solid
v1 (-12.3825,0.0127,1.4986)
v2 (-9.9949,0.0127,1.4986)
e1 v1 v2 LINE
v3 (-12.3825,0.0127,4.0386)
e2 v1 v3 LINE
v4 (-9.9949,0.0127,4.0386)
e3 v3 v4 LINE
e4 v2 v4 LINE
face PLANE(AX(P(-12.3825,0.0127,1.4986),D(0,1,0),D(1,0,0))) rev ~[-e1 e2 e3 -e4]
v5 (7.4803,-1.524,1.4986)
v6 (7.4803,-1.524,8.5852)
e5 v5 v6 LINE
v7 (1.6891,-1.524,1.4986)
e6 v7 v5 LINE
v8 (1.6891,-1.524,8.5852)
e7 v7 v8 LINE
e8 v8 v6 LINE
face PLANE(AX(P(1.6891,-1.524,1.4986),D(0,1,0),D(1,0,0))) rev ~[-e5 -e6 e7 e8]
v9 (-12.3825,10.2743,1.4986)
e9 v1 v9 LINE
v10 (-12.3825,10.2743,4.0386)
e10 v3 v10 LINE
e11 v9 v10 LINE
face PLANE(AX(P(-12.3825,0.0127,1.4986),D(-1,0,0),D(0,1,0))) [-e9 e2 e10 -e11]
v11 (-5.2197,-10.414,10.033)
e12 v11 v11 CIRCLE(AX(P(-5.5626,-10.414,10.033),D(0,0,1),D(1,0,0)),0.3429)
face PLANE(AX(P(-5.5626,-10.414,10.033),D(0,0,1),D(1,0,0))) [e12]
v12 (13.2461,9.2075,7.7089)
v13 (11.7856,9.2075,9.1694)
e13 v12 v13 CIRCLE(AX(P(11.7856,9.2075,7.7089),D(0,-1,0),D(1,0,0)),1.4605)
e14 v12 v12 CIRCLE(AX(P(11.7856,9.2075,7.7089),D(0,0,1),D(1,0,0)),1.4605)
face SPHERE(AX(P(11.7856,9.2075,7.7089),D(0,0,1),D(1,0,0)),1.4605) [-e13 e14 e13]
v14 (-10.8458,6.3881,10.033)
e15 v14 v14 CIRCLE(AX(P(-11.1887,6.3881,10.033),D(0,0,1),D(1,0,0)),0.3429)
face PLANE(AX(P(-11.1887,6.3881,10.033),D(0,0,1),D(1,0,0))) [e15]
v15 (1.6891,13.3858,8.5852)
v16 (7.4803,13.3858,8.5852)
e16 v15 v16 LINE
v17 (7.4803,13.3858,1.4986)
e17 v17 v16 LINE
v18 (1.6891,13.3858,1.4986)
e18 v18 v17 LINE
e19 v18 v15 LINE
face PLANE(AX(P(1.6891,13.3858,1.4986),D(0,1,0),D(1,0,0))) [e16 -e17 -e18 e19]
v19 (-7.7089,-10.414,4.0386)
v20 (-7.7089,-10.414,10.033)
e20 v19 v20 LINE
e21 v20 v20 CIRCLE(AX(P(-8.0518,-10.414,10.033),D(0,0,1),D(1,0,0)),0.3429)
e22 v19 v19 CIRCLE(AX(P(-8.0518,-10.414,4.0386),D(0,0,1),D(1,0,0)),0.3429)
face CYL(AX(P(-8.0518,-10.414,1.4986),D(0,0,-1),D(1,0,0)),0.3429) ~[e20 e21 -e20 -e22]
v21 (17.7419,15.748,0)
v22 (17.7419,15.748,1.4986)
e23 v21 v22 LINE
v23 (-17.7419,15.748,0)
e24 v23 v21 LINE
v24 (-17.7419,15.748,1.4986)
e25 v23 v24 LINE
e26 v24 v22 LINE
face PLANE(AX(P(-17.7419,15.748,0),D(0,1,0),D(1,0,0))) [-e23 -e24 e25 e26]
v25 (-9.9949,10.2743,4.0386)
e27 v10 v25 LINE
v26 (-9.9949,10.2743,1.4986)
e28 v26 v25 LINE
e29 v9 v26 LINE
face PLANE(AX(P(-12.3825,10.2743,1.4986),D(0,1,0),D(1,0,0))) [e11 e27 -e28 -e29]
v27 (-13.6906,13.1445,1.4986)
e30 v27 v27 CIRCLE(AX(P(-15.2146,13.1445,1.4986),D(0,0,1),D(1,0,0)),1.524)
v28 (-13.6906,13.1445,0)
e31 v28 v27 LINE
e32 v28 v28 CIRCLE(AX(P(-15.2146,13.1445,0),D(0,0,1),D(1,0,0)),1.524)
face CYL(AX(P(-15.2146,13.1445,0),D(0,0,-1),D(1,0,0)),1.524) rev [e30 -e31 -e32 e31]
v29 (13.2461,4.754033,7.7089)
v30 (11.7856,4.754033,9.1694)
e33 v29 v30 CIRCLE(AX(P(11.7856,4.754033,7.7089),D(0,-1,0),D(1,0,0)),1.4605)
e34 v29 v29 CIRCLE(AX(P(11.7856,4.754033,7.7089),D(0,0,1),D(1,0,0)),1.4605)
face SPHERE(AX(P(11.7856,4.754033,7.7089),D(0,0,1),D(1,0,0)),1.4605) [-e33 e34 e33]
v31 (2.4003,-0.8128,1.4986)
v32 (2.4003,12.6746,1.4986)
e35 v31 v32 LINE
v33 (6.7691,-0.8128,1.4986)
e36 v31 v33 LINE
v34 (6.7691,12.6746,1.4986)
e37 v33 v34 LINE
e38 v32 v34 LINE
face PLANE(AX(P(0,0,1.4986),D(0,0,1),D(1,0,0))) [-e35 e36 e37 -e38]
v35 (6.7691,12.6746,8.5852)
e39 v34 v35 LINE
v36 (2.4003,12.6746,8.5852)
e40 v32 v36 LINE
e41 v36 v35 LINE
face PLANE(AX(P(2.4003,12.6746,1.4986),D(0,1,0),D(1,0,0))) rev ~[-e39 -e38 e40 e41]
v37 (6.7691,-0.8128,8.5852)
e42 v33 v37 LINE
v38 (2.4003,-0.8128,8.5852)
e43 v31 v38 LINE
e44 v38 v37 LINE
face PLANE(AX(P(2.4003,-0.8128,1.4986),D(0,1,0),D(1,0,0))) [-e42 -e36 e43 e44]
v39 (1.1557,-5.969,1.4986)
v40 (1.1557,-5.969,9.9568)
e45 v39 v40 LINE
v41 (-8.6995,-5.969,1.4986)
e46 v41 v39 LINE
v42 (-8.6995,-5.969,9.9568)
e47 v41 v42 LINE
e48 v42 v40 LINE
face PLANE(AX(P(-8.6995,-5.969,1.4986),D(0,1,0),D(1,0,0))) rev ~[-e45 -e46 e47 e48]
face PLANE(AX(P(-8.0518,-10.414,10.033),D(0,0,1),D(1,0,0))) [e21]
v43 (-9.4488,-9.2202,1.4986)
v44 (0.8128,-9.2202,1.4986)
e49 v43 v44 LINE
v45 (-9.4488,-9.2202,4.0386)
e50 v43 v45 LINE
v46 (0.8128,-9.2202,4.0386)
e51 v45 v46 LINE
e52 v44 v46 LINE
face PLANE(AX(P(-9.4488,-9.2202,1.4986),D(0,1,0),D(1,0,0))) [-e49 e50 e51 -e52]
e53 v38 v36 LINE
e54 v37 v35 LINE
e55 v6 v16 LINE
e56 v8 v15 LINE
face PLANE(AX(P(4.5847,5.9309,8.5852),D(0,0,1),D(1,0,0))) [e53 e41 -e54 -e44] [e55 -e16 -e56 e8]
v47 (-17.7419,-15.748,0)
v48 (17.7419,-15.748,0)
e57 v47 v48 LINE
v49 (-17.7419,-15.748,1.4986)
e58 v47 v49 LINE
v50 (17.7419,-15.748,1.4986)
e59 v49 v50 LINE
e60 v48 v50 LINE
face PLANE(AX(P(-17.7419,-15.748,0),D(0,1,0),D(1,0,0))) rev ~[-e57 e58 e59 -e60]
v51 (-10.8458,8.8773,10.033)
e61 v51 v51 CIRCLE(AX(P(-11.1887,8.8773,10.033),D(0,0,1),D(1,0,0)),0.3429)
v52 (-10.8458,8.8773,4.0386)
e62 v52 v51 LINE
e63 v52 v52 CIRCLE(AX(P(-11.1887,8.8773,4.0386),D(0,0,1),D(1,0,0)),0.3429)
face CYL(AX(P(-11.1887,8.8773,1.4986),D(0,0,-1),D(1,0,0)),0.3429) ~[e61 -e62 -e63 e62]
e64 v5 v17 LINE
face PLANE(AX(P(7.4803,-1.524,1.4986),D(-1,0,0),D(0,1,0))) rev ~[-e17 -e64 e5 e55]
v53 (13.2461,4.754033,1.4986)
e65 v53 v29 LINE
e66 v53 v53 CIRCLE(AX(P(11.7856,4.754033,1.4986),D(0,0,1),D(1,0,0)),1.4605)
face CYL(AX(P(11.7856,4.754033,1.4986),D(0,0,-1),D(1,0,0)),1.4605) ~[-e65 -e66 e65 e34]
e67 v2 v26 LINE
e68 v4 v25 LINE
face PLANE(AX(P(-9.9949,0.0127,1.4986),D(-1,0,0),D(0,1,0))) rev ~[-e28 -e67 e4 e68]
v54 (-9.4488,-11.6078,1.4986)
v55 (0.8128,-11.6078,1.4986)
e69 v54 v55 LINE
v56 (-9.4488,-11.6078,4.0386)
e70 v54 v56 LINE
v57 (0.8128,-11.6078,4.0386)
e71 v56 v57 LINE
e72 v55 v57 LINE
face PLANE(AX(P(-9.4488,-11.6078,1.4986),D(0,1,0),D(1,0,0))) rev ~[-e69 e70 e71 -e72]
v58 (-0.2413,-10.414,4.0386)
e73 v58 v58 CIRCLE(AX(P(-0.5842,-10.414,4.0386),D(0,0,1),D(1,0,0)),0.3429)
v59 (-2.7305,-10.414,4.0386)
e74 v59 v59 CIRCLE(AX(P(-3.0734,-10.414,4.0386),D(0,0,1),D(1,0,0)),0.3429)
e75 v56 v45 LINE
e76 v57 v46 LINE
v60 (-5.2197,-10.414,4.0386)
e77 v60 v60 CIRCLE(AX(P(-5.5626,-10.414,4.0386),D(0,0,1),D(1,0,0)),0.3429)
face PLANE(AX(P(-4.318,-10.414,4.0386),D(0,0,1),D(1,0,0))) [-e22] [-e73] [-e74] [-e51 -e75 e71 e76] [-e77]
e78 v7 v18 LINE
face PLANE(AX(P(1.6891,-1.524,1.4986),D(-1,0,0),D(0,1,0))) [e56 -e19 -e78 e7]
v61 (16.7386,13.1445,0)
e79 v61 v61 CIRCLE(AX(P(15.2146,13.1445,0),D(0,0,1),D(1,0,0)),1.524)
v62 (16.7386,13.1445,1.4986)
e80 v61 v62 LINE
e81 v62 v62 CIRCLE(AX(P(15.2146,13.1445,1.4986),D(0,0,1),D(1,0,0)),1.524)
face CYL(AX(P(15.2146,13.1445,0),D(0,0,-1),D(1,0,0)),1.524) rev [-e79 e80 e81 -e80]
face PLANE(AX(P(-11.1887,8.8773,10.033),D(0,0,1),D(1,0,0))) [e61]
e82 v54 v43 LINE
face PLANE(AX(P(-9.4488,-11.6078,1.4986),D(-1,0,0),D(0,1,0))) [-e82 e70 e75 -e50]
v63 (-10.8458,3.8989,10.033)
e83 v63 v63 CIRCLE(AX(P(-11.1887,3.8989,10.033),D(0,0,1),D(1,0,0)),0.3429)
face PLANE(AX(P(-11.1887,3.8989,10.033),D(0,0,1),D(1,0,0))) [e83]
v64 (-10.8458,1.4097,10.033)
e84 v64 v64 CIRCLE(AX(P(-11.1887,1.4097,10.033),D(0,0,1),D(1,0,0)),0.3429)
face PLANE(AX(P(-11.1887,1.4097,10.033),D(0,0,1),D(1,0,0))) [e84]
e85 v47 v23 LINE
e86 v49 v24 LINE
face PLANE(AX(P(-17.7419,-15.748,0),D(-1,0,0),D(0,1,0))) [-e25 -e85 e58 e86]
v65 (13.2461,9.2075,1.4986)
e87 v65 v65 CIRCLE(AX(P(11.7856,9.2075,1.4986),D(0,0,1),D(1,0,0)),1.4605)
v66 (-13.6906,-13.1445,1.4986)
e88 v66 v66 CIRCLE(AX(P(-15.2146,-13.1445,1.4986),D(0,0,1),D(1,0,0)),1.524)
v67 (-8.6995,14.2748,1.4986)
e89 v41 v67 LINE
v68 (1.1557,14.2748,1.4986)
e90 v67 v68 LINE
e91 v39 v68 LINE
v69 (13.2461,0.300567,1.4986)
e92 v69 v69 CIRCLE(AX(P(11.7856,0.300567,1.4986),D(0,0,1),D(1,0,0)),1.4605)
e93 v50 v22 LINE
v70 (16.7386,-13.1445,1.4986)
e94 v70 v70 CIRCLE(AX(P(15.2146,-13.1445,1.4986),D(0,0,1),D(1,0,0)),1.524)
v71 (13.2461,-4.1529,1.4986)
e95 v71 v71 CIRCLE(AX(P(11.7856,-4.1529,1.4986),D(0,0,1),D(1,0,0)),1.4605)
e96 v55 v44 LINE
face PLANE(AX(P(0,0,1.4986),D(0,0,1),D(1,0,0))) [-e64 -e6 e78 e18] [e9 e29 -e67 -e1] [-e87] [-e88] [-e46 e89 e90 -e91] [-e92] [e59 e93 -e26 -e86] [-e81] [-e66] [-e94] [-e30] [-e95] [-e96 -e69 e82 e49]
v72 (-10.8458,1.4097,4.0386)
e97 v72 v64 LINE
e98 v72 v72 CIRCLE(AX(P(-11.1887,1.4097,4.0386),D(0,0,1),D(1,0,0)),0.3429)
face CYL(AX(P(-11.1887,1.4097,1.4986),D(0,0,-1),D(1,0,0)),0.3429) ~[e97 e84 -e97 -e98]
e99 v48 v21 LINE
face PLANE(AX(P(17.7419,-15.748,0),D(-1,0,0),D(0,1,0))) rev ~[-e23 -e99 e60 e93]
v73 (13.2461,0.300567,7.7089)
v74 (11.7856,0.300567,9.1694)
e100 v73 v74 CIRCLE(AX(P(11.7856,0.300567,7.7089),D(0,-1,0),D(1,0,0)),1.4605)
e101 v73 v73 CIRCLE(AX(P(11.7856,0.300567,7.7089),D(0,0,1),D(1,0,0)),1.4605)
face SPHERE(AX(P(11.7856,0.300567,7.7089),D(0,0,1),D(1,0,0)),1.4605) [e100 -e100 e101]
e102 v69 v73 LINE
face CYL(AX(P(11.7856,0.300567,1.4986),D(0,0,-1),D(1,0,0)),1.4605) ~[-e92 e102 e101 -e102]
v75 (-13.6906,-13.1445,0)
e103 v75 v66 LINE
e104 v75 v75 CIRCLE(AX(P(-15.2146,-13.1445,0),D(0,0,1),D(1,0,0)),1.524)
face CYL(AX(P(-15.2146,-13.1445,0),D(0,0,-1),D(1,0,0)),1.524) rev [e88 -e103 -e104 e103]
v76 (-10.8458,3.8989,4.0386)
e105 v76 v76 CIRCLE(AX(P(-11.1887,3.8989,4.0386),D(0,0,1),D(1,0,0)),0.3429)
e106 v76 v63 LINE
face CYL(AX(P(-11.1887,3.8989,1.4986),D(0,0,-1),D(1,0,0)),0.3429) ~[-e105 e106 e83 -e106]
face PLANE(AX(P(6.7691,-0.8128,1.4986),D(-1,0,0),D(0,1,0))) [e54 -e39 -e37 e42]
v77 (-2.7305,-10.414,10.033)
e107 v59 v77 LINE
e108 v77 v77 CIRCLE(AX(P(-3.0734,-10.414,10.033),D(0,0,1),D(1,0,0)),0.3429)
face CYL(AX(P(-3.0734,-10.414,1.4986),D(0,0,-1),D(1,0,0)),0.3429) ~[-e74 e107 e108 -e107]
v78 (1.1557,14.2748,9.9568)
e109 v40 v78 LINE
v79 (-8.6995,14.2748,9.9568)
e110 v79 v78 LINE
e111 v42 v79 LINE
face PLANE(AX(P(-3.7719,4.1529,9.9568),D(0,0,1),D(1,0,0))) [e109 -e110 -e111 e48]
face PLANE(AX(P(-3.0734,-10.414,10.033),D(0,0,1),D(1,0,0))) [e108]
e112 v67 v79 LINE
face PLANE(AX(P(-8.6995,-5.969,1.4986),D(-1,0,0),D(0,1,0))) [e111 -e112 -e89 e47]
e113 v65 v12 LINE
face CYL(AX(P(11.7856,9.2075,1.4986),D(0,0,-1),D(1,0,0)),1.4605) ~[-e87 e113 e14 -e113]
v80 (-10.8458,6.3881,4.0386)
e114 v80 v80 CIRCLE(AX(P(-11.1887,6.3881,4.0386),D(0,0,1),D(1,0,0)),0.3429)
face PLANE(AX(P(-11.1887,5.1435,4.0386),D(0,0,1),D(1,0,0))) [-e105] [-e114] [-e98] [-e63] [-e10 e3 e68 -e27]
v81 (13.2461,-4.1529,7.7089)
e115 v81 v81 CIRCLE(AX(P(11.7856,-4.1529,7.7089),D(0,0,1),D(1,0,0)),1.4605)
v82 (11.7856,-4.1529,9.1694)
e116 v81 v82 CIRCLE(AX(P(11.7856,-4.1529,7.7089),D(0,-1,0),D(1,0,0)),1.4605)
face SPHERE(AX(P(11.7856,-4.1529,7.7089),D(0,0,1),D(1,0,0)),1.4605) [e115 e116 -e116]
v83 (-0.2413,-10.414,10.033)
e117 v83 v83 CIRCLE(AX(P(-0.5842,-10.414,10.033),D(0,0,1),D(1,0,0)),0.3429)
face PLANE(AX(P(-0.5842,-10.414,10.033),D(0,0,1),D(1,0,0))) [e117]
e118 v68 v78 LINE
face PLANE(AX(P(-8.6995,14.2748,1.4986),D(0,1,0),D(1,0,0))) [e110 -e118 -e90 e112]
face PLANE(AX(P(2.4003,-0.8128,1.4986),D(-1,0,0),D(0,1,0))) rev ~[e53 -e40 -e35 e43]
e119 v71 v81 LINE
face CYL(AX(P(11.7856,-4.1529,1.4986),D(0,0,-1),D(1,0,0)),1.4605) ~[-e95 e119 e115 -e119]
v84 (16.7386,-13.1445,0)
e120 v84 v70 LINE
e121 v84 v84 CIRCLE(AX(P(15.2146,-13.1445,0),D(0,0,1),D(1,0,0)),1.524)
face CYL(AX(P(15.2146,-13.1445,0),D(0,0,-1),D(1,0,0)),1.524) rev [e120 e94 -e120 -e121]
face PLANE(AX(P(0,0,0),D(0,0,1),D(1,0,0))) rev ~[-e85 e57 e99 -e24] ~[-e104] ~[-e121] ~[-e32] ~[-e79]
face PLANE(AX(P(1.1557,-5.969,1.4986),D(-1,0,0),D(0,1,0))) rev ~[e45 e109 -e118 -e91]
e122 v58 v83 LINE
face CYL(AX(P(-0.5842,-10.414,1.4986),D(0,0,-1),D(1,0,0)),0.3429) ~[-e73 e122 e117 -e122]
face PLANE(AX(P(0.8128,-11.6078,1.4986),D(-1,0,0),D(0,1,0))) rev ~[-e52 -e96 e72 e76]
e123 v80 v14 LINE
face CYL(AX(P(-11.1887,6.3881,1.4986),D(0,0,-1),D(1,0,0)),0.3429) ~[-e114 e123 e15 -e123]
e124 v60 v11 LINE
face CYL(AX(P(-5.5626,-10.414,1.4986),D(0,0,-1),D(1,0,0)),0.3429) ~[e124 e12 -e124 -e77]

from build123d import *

# Parameters (mm, degrees)
F0_W      = 35.4838
F0_H      = 31.496
F0_R      = 1.524
F1_DEPTH  = 1.4986
F2_W      = 9.8552
F2_H      = 20.2438
F3_DEPTH  = 8.4582
F2_W_2    = 5.7912
F2_H_2    = 14.9098
F2_W_3    = 4.3688
F2_H_3    = 13.4874
F4_DEPTH  = 7.0866
F2_R      = 1.4605
F5_DEPTH  = 7.6708
F6_R      = 1.4605
F2_R_2    = 0.3429
F7_DEPTH  = 8.5344
F8_DEPTH  = 8.5344
F2_W_4    = 2.3876
F2_H_4    = 10.2616
F9_DEPTH  = 2.54
F2_W_5    = 10.2616
F2_H_5    = 2.3876
F10_DEPTH = 2.54


with BuildPart() as f1:
    # F0 (on Top) → F1 (new body)
    with BuildSketch(Plane.XY):
        Rectangle(F0_W, F0_H)
        with Locations((-15.2146, -13.1445)):
            Circle(F0_R, mode=Mode.SUBTRACT)
        with Locations((15.2146, -13.1445)):
            Circle(F0_R, mode=Mode.SUBTRACT)
        with Locations((-15.2146, 13.1445)):
            Circle(F0_R, mode=Mode.SUBTRACT)
        with Locations((15.2146, 13.1445)):
            Circle(F0_R, mode=Mode.SUBTRACT)
    extrude(amount=F1_DEPTH)

    # F2 (on face) → F3 (join)
    with BuildSketch(Plane.XY.offset(1.4986)):
        with Locations((-3.7719, 4.1529)):
            Rectangle(F2_W, F2_H)
    extrude(amount=F3_DEPTH)

    # F2 (on face) → F4 (join)
    with BuildSketch(Plane.XY.offset(1.4986)):
        with Locations((4.5847, 5.9309)):
            Rectangle(F2_W_2, F2_H_2)
        with Locations((4.5847, 5.9309)):
            Rectangle(F2_W_3, F2_H_3, mode=Mode.SUBTRACT)
    extrude(amount=F4_DEPTH)

    # F2 (on face) → F5 (join)
    with BuildSketch(Plane.XY.offset(1.4986)):
        with Locations((11.7856, -4.1529)):
            Circle(F2_R)
        with Locations((11.7856, 0.300567)):
            Circle(F2_R)
        with Locations((11.7856, 4.754033)):
            Circle(F2_R)
        with Locations((11.7856, 9.2075)):
            Circle(F2_R)
    extrude(amount=F5_DEPTH)

    # F6
    f6_edges = [f1.edges().sort_by_distance(p)[0] for p in [
        (10.3251, -4.1529, 9.1694),
        (10.3251, 0.300567, 9.1694),
        (10.3251, 4.754033, 9.1694),
        (10.3251, 9.2075, 9.1694),
    ]]
    fillet(f6_edges, radius=F6_R)

    # F2 (on face) → F7 (join)
    with BuildSketch(Plane.XY.offset(1.4986)):
        with Locations((-11.1887, 1.4097)):
            Circle(F2_R_2)
        with Locations((-11.1887, 3.8989)):
            Circle(F2_R_2)
        with Locations((-11.1887, 6.3881)):
            Circle(F2_R_2)
        with Locations((-11.1887, 8.8773)):
            Circle(F2_R_2)
    extrude(amount=F7_DEPTH)

    # F2 (on face) → F8 (join)
    with BuildSketch(Plane.XY.offset(1.4986)):
        with Locations((-8.0518, -10.414)):
            Circle(F2_R_2)
        with Locations((-5.5626, -10.414)):
            Circle(F2_R_2)
        with Locations((-3.0734, -10.414)):
            Circle(F2_R_2)
        with Locations((-0.5842, -10.414)):
            Circle(F2_R_2)
    extrude(amount=F8_DEPTH)

    # F2 (on face) → F9 (join)
    with BuildSketch(Plane.XY.offset(1.4986)):
        with Locations((-11.1887, 5.1435)):
            Rectangle(F2_W_4, F2_H_4)
        with Locations((-11.1887, 1.4097)):
            Circle(F2_R_2, mode=Mode.SUBTRACT)
        with Locations((-11.1887, 3.8989)):
            Circle(F2_R_2, mode=Mode.SUBTRACT)
        with Locations((-11.1887, 6.3881)):
            Circle(F2_R_2, mode=Mode.SUBTRACT)
        with Locations((-11.1887, 8.8773)):
            Circle(F2_R_2, mode=Mode.SUBTRACT)
    extrude(amount=F9_DEPTH)

    # F2 (on face) → F10 (join)
    with BuildSketch(Plane.XY.offset(1.4986)):
        with Locations((-4.318, -10.414)):
            Rectangle(F2_W_5, F2_H_5)
        with Locations((-8.0518, -10.414)):
            Circle(F2_R_2, mode=Mode.SUBTRACT)
        with Locations((-5.5626, -10.414)):
            Circle(F2_R_2, mode=Mode.SUBTRACT)
        with Locations((-3.0734, -10.414)):
            Circle(F2_R_2, mode=Mode.SUBTRACT)
        with Locations((-0.5842, -10.414)):
            Circle(F2_R_2, mode=Mode.SUBTRACT)
    extrude(amount=F10_DEPTH)


solid = f1.part
